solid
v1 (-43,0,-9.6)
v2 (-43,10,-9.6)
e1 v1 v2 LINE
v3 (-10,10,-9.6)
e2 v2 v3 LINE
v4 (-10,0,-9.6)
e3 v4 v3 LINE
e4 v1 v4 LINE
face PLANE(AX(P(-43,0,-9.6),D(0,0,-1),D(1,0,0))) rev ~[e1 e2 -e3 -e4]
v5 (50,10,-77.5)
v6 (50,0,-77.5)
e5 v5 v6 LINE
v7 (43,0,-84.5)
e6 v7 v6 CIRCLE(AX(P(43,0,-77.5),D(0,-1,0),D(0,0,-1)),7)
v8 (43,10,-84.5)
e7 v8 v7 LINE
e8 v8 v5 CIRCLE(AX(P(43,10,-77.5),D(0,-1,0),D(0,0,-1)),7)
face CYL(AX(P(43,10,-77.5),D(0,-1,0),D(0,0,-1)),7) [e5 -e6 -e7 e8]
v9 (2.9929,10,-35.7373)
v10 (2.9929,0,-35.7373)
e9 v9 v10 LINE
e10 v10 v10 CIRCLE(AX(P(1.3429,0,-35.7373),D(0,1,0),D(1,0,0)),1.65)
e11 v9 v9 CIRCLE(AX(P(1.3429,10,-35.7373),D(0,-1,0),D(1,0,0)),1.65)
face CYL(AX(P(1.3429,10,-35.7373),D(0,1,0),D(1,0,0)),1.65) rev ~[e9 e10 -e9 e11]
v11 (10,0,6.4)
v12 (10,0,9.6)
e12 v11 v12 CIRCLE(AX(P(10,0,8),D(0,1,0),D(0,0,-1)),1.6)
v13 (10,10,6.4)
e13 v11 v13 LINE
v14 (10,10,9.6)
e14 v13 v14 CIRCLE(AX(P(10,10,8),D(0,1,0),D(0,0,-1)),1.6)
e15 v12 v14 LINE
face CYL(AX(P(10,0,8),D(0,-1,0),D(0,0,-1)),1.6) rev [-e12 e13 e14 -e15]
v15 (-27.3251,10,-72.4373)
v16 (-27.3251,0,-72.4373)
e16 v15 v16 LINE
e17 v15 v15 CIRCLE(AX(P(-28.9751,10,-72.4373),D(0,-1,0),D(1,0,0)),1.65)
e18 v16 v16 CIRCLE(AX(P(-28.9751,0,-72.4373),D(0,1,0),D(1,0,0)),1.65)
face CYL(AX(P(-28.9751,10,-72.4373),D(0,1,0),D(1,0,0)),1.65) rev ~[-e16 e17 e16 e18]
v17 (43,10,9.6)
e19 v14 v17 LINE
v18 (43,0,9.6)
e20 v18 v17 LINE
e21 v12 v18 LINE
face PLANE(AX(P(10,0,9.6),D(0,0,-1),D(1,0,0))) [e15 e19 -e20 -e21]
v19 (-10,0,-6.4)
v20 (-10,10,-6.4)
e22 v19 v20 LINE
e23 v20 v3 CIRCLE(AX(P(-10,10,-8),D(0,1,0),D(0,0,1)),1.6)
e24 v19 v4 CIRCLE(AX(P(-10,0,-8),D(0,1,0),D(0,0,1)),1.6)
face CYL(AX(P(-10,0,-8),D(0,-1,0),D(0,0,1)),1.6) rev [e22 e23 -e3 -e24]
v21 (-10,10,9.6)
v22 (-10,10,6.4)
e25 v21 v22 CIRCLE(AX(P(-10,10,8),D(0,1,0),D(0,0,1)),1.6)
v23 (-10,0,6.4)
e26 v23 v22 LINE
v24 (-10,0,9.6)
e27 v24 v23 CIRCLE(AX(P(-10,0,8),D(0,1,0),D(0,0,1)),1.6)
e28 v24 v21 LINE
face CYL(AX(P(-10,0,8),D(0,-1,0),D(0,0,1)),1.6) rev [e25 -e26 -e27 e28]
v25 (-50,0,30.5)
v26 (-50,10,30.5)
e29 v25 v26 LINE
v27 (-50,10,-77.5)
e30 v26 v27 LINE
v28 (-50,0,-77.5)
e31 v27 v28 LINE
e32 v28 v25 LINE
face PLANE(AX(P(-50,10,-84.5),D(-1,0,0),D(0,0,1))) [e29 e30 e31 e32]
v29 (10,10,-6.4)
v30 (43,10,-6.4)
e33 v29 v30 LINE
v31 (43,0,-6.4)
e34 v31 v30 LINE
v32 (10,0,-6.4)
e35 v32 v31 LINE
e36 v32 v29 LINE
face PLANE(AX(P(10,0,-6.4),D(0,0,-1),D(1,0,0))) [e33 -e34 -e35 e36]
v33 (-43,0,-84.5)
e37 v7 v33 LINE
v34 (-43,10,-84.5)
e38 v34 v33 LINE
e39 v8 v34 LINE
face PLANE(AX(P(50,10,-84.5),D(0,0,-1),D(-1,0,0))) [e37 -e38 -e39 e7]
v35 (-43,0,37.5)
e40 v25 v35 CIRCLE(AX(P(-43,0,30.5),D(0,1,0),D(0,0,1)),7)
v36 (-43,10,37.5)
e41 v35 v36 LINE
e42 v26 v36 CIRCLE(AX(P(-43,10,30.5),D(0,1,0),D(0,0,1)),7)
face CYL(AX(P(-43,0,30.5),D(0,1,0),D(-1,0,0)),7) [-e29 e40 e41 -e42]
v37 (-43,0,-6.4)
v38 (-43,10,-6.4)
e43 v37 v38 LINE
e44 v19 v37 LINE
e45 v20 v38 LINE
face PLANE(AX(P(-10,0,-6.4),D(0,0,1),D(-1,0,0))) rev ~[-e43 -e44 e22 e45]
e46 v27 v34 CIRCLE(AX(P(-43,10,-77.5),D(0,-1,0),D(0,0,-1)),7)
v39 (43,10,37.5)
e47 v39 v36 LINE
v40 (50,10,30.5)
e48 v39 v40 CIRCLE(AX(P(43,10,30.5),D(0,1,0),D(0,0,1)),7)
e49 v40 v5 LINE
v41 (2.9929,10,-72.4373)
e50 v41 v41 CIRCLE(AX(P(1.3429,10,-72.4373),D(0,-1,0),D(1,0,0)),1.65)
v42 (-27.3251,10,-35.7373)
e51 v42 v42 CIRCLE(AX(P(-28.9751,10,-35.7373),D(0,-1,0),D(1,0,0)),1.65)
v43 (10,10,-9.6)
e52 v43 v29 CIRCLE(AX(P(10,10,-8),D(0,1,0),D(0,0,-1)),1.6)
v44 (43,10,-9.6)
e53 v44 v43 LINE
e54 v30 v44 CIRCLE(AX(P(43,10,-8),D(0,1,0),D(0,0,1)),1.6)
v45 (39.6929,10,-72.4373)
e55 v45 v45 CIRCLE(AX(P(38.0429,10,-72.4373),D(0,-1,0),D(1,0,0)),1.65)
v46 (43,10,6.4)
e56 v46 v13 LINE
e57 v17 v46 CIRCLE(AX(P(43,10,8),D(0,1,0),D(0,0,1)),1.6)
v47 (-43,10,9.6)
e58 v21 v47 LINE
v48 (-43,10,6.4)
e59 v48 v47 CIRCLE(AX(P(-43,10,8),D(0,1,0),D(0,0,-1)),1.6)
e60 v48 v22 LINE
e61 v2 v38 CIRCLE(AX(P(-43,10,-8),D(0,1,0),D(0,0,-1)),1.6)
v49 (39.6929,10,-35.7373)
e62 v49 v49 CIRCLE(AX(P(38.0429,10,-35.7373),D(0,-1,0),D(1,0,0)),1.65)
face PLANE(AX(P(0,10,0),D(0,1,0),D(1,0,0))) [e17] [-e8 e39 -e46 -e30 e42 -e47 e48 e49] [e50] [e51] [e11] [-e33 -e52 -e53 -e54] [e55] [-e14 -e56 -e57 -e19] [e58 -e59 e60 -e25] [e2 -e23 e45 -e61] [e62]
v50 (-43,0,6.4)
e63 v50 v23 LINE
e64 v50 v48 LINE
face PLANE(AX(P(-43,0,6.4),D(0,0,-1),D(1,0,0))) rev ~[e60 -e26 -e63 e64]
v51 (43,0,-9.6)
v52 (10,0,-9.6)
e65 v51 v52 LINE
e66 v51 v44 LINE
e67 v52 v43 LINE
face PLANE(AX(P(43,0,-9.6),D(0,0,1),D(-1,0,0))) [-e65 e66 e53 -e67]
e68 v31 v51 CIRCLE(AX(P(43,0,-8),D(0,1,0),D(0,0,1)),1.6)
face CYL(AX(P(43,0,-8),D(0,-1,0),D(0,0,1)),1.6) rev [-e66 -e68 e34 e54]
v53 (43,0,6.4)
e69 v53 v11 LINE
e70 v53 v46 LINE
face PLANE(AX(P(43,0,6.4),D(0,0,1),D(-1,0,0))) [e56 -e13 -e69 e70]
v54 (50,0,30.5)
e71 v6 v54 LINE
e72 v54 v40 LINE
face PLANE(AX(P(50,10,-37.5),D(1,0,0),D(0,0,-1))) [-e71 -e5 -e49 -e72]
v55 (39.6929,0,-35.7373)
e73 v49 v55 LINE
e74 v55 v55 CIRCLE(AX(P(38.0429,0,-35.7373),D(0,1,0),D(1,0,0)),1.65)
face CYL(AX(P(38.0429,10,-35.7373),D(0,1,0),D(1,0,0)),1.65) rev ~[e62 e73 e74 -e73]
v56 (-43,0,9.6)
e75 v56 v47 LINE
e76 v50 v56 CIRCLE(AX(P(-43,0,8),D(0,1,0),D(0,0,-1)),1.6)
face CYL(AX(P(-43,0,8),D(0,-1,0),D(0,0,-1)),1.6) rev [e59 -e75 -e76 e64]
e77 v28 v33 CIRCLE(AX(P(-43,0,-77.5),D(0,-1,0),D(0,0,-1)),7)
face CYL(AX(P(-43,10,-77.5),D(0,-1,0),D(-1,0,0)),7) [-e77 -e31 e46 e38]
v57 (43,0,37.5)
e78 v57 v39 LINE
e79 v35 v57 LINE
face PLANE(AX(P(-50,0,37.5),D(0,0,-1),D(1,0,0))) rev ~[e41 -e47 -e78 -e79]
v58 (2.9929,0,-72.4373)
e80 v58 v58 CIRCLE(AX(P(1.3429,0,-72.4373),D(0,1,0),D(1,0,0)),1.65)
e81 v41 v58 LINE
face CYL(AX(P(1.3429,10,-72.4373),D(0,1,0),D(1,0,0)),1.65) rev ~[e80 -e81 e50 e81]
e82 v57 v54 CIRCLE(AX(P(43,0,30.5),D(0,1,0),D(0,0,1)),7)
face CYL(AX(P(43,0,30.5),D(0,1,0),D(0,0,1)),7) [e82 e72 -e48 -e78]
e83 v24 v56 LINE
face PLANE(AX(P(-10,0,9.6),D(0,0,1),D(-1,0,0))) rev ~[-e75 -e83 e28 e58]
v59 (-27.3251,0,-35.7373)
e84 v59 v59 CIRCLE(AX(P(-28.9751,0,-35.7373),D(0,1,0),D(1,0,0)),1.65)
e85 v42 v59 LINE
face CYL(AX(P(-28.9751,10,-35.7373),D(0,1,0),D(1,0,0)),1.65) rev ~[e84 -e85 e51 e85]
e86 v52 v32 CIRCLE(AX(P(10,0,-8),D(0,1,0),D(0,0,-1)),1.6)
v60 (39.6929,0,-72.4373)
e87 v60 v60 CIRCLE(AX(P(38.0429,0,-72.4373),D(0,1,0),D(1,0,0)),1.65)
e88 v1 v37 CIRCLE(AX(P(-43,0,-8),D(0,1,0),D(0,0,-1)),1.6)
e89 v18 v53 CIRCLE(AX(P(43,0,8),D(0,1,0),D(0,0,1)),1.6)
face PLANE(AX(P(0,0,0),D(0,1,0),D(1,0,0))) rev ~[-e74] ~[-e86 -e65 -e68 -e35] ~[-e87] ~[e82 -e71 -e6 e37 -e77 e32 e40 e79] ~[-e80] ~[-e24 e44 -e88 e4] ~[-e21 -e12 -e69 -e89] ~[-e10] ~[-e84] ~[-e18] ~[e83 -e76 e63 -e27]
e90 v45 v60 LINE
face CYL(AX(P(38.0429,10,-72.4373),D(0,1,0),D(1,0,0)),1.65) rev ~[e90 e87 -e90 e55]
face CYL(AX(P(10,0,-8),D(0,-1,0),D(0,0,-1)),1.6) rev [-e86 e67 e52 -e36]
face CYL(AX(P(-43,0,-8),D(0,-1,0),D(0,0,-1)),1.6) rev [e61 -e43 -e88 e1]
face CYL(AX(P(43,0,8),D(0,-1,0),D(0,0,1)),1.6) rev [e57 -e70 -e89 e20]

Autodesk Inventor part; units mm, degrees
ref_plane "YZ Plane" through (0, 0, 0) normal (1, 0, 0) x (0, 1, 0)
ref_plane "XZ Plane" through (0, 0, 0) normal (0, 1, 0) x (-1, 0, 0)
ref_plane "XY Plane" through (0, 0, 0) normal (0, 0, 1) x (1, 0, 0)
sketch "Sketch1" plane through (0, 0, 0) normal (0, 1, 0) x (-1, 0, 0)
  line L0 (50, 37.5) -> (-50, 37.5)
  line L1 (-50, 37.5) -> (-50, -37.5)
  line L2 (-50, -37.5) -> (50, -37.5)
  line L3 (50, -37.5) -> (50, 37.5)
  line L4 (50, 37.5) -> (-50, -37.5) construction
  line L5 (-50, 37.5) -> (50, -37.5) construction
  line L6 (0, 0) -> (-10, 0)
  line L7 (-10, 0) -> (-10, 8)
  line L8 (-10, 0) -> (-2, 0) construction
  line L9 (-10, 0) -> (-10, -8)
  line L10 (-10, 0) -> (-2, 0) construction
  line L11 (-10, 8) -> (-43, 8) construction
  line L12 (-10, 9.6) -> (-43, 9.6)
  line L13 (-43, 6.4) -> (-10, 6.4)
  arc A0 (-10, 6.4) -> (-10, 9.6) centre (-10, 8) ccw
  arc A1 (-43, 9.6) -> (-43, 6.4) centre (-43, 8) ccw
  line L14 (-10, 8) -> (23, 8) construction
  line L15 (0, 0) -> (-50, 0)
  line L16 (-10, -8) -> (-43, -8) construction
  line L17 (-10, -6.4) -> (-43, -6.4)
  line L18 (-43, -9.6) -> (-10, -9.6)
  arc A2 (-10, -9.6) -> (-10, -6.4) centre (-10, -8) ccw
  arc A3 (-43, -6.4) -> (-43, -9.6) centre (-43, -8) ccw
  line L19 (-10, -8) -> (23, -8) construction
  line L20 (0, 37.5) -> (0, -37.5)
  line L21 (10, 0) -> (10, 8)
  line L22 (10, 0) -> (10, -8)
  line L23 (10, 8) -> (43, 8) construction
  line L24 (10, 9.6) -> (43, 9.6)
  line L25 (43, 6.4) -> (10, 6.4)
  arc A4 (10, 9.6) -> (10, 6.4) centre (10, 8) ccw
  arc A5 (43, 6.4) -> (43, 9.6) centre (43, 8) ccw
  line L26 (10, -8) -> (43, -8) construction
  line L27 (10, -6.4) -> (43, -6.4)
  line L28 (43, -9.6) -> (10, -9.6)
  arc A6 (10, -6.4) -> (10, -9.6) centre (10, -8) ccw
  arc A7 (43, -9.6) -> (43, -6.4) centre (43, -8) ccw
  point P0 (-26.5, 8)
  point P1 (-26.5, -8)
  point P2 (26.5, 8)
  point P3 (26.5, -8)
  dimension "d0" = 100
  dimension "d1" = 75
  dimension "d2" = 10
  dimension "d3" = 8
  dimension "d4" = 90
  dimension "d5" = 8
  dimension "d6" = 90
  dimension "d7" = 33
  dimension "d8" = 180
  dimension "d9" = 3.2
  dimension "d10" = 33
  dimension "d11" = 180
  dimension "d12" = 3.2
extrude "Extrusion1" add sketch "Sketch1" along normal blind 10
sketch "Sketch2" plane through (0, 10, 0) normal (0, 1, 0) x (1, 0, 0)
  line L0 (50, 37.5) -> (-50, 37.5) projected
  line L1 (-50, 37.5) -> (50, 37.5)
  line L2 (50, 37.5) -> (50, 84.5)
  line L3 (50, 84.5) -> (-50, 84.5)
  line L4 (-50, 84.5) -> (-50, 37.5)
  point P0 (0, 0)
  dimension "d15" = 47
extrude "Extrusion2" add sketch "Sketch2" against normal blind 10
sketch "Sketch3" plane through (0, 10, 0) normal (0, 1, 0) x (1, 0, 0)
  line L0 (38.0429, 35.7373) -> (1.3429, 35.7373)
  line L1 (1.3429, 35.7373) -> (1.3429, 72.4373)
  line L2 (1.3429, 72.4373) -> (38.0429, 72.4373)
  line L3 (38.0429, 72.4373) -> (38.0429, 35.7373)
  circle A0 centre (1.3429, 72.4373) radius 1.65
  circle A1 centre (1.3429, 35.7373) radius 1.65
  circle A2 centre (38.0429, 35.7373) radius 1.65
  circle A3 centre (38.0429, 72.4373) radius 1.65
  line L4 (-28.9751, 35.7373) -> (-28.9751, 72.4373)
  circle A4 centre (-28.9751, 72.4373) radius 1.65
  circle A5 centre (-28.9751, 35.7373) radius 1.65
  point P0 (0, 0)
  dimension "d18" = 36.7
  dimension "d19" = 36.7
  dimension "d20" = 3.3
  dimension "d21" = 3.3
  dimension "d22" = 3.3
  dimension "d23" = 3.3
  dimension "d24" = 36.7
  dimension "d25" = 3.3
  dimension "d26" = 3.3
extrude "Extrusion3" cut sketch "Sketch3" against normal blind 10 contours A1 L1 L0 | L0 L1 A1 | A2 L3 L0 | L0 L3 A2 | A0 L2 L1 | L1 L2 A0 | A3 L2 L3 | L3 L2 A3 | A4 | A5
sketch "Sketch4" plane through (0, 10, 0) normal (0, 1, 0) x (1, 0, 0)
  point P0 (0, 0)
fillet "Fillet1" radius 7 4 edges at (-50, 5, 37.5) (50, 5, 37.5) (50, 5, -84.5) (-50, 5, -84.5)
properties part number "bas" material "Polycarbonate, Clear"
